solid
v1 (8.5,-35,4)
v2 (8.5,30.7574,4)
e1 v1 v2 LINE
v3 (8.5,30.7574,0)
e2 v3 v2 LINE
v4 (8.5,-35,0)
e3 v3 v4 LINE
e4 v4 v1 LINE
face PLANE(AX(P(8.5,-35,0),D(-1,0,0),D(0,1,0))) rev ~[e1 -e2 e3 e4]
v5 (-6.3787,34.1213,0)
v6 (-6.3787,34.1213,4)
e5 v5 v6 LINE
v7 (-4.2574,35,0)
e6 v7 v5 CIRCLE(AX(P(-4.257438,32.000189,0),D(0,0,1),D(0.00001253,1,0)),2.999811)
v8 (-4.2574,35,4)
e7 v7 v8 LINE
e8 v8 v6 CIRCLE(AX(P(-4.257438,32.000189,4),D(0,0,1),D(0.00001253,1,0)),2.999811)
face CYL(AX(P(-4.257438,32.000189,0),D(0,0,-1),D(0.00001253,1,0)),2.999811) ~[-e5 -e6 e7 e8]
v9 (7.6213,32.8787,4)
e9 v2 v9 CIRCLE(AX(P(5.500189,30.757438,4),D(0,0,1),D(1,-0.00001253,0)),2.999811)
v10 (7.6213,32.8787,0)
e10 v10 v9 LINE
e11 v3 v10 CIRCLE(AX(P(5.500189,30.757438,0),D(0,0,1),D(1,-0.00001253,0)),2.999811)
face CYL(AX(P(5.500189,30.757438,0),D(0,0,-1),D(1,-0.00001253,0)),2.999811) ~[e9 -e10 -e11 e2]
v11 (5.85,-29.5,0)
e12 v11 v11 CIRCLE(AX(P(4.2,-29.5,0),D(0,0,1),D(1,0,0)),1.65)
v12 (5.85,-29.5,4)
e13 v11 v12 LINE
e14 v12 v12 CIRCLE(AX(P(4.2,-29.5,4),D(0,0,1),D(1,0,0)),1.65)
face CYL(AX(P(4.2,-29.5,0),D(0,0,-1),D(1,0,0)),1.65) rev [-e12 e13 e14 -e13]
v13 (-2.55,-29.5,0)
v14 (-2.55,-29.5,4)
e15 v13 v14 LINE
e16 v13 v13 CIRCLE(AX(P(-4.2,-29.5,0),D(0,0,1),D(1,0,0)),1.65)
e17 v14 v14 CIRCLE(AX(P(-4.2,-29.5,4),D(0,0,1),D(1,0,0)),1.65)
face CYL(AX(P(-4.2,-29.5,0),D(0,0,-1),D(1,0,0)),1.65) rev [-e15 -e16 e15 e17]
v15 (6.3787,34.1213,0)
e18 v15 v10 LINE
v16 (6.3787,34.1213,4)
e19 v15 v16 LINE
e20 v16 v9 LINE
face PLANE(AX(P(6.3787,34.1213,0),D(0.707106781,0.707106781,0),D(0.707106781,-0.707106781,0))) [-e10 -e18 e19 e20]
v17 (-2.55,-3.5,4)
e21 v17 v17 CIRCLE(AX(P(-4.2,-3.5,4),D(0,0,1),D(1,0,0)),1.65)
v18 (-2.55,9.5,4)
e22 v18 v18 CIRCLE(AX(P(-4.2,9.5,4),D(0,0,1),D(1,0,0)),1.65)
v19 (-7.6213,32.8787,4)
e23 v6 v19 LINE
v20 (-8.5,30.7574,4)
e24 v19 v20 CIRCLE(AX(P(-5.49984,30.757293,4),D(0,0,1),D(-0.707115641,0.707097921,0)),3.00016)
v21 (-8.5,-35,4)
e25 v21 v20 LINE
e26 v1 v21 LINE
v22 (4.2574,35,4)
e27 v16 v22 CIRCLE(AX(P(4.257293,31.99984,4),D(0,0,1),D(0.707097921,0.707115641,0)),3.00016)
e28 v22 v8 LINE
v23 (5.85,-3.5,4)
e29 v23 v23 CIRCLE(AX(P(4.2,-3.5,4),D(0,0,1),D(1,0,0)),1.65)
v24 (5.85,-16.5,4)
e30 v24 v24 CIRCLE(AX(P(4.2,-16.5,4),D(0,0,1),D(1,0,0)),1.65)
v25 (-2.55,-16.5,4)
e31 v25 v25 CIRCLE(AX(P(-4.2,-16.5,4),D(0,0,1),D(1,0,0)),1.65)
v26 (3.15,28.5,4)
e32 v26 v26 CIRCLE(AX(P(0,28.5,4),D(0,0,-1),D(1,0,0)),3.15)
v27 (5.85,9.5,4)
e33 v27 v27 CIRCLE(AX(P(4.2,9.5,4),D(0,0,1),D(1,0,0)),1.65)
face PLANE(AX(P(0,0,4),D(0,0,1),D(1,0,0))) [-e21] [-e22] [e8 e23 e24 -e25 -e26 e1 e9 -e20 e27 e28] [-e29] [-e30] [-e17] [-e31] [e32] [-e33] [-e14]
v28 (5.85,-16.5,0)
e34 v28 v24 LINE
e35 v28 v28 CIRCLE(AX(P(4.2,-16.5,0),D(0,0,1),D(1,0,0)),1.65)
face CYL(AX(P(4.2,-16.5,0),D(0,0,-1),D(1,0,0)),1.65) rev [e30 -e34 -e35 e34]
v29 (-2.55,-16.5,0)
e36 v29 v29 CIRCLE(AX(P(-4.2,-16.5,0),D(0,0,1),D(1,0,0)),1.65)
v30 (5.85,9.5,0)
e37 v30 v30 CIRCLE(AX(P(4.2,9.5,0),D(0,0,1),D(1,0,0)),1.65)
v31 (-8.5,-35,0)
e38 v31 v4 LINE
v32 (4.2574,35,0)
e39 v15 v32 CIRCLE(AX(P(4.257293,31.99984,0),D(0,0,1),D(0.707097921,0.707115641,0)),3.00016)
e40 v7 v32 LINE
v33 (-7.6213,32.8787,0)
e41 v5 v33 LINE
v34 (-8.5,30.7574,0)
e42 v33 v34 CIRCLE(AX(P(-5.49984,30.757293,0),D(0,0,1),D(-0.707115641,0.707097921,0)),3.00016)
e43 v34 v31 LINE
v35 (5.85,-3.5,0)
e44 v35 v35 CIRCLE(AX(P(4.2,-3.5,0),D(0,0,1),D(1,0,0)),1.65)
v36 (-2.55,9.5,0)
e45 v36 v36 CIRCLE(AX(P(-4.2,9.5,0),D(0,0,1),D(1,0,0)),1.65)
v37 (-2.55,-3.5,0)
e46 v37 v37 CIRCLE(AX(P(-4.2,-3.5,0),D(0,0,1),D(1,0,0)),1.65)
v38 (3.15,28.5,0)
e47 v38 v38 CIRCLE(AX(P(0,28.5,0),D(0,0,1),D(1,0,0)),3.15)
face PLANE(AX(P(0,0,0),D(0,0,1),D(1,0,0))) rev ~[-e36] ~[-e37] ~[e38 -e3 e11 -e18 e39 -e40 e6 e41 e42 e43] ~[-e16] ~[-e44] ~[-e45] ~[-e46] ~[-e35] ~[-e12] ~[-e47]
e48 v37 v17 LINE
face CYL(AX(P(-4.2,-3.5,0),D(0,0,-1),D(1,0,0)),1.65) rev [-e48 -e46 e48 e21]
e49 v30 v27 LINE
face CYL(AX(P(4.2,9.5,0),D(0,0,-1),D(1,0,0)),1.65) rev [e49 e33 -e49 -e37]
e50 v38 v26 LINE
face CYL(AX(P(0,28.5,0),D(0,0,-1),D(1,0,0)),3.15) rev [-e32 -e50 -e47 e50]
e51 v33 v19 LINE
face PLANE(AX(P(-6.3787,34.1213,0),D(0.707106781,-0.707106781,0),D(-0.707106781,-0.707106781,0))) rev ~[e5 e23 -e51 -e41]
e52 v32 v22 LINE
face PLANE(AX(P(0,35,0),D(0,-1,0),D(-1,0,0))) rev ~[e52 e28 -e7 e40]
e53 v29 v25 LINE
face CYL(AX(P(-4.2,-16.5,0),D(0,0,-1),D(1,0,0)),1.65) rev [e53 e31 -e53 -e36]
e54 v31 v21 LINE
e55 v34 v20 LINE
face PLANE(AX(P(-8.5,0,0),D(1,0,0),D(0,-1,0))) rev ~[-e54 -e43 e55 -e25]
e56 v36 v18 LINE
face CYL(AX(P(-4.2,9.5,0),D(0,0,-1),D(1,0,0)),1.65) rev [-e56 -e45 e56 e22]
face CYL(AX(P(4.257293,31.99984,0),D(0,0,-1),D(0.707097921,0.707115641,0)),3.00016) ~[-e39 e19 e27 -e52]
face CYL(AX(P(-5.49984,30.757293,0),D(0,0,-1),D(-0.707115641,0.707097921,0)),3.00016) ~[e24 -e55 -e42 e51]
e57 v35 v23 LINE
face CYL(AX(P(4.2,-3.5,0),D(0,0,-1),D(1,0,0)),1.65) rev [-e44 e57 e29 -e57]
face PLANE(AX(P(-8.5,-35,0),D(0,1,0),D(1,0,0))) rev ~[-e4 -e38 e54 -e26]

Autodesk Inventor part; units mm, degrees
ref_plane "YZ Plane" through (0, 0, 0) normal (1, 0, 0) x (0, 1, 0)
ref_plane "XZ Plane" through (0, 0, 0) normal (0, 1, 0) x (-1, 0, 0)
ref_plane "XY Plane" through (0, 0, 0) normal (0, 0, 1) x (1, 0, 0)
sketch "Skizze1" plane through (0, 0, 0) normal (0, 0, 1) x (1, 0, 0)
  line L0 (-8.5, -35) -> (8.5, -35)
  line L1 (8.5, -35) -> (8.5, 30.7574)
  line L2 (4.2574, 35) -> (-4.2574, 35)
  line L3 (-8.5, 30.7574) -> (-8.5, -35)
  line L4 (-12.1954, 0) -> (12.1954, 0) projected
  line L5 (0, -49.0422) -> (0, 49.2532) projected
  circle A0 centre (0, 28.5) radius 3.15
  circle A1 centre (-4.2, -29.5) radius 1.65
  circle A2 centre (4.2, -29.5) radius 1.65
  circle A3 centre (-4.2, -16.5) radius 1.65
  circle A4 centre (4.2, -16.5) radius 1.65
  circle A5 centre (-4.2, -3.5) radius 1.65
  circle A6 centre (4.2, -3.5) radius 1.65
  circle A7 centre (-4.2, 9.5) radius 1.65
  circle A8 centre (4.2, 9.5) radius 1.65
  line L6 (-6.3787, 34.1213) -> (-7.6213, 32.8787)
  line L7 (6.3787, 34.1213) -> (7.6213, 32.8787)
  arc A9 (8.5, 30.7574) -> (7.6213, 32.8787) centre (5.5, 30.7574) ccw
  arc A10 (6.3787, 34.1213) -> (4.2574, 35) centre (4.2574, 32) ccw
  arc A11 (-4.2574, 35) -> (-6.3787, 34.1213) centre (-4.2574, 32) ccw
  arc A12 (-7.6213, 32.8787) -> (-8.5, 30.7574) centre (-5.5, 30.7574) ccw
  point P0 (0, 0)
  point P1 (8.5, 35)
  point P2 (-8.5, 35)
  point P3 (-5.5, 35)
  point P4 (-8.5, 32)
  point P5 (5.5, 35)
  point P6 (8.5, 32)
  dimension "d0" = 17
  dimension "d1" = 70
  dimension "d2" = 6.3
  dimension "d3" = 6.5
  dimension "d4" = 3.3
  dimension "d5" = 3.3
  dimension "d6" = 3.3
  dimension "d7" = 3.3
  dimension "d8" = 3.3
  dimension "d9" = 3.3
  dimension "d10" = 3.3
  dimension "d11" = 3.3
  dimension "d12" = 4.3
  dimension "d13" = 8.4
  dimension "d14" = 5.5
  dimension "d15" = 13
  dimension "d16" = 13
  dimension "d17" = 13
  dimension "d18" = 3
  dimension "d19" = 3
  dimension "d20" = 3
  dimension "d21" = 3
  dimension "d24" = 3
extrude "Extrusion1" add sketch "Skizze1" along normal blind 4 contours L3 L4 L5 L0 | L5 L4 L1 L0 | L3 A12 L6 A11 L2 L5 A0 L4 | L5 A0 L2 A10 L7 A9 L1 L4
equation "\"d4\" = d5"
equation "\"d6\" = d5"
equation "\"d7\" = d5"
equation "\"d8\" = d5"
equation "\"d9\" = d5"
equation "\"d10\" = d5"
equation "\"d11\" = d5"
equation "\"d19\" = d18"
equation "\"d20\" = d18"
equation "\"d21\" = d20"
properties part number "Part2_new" material "Aluminium 6061"
